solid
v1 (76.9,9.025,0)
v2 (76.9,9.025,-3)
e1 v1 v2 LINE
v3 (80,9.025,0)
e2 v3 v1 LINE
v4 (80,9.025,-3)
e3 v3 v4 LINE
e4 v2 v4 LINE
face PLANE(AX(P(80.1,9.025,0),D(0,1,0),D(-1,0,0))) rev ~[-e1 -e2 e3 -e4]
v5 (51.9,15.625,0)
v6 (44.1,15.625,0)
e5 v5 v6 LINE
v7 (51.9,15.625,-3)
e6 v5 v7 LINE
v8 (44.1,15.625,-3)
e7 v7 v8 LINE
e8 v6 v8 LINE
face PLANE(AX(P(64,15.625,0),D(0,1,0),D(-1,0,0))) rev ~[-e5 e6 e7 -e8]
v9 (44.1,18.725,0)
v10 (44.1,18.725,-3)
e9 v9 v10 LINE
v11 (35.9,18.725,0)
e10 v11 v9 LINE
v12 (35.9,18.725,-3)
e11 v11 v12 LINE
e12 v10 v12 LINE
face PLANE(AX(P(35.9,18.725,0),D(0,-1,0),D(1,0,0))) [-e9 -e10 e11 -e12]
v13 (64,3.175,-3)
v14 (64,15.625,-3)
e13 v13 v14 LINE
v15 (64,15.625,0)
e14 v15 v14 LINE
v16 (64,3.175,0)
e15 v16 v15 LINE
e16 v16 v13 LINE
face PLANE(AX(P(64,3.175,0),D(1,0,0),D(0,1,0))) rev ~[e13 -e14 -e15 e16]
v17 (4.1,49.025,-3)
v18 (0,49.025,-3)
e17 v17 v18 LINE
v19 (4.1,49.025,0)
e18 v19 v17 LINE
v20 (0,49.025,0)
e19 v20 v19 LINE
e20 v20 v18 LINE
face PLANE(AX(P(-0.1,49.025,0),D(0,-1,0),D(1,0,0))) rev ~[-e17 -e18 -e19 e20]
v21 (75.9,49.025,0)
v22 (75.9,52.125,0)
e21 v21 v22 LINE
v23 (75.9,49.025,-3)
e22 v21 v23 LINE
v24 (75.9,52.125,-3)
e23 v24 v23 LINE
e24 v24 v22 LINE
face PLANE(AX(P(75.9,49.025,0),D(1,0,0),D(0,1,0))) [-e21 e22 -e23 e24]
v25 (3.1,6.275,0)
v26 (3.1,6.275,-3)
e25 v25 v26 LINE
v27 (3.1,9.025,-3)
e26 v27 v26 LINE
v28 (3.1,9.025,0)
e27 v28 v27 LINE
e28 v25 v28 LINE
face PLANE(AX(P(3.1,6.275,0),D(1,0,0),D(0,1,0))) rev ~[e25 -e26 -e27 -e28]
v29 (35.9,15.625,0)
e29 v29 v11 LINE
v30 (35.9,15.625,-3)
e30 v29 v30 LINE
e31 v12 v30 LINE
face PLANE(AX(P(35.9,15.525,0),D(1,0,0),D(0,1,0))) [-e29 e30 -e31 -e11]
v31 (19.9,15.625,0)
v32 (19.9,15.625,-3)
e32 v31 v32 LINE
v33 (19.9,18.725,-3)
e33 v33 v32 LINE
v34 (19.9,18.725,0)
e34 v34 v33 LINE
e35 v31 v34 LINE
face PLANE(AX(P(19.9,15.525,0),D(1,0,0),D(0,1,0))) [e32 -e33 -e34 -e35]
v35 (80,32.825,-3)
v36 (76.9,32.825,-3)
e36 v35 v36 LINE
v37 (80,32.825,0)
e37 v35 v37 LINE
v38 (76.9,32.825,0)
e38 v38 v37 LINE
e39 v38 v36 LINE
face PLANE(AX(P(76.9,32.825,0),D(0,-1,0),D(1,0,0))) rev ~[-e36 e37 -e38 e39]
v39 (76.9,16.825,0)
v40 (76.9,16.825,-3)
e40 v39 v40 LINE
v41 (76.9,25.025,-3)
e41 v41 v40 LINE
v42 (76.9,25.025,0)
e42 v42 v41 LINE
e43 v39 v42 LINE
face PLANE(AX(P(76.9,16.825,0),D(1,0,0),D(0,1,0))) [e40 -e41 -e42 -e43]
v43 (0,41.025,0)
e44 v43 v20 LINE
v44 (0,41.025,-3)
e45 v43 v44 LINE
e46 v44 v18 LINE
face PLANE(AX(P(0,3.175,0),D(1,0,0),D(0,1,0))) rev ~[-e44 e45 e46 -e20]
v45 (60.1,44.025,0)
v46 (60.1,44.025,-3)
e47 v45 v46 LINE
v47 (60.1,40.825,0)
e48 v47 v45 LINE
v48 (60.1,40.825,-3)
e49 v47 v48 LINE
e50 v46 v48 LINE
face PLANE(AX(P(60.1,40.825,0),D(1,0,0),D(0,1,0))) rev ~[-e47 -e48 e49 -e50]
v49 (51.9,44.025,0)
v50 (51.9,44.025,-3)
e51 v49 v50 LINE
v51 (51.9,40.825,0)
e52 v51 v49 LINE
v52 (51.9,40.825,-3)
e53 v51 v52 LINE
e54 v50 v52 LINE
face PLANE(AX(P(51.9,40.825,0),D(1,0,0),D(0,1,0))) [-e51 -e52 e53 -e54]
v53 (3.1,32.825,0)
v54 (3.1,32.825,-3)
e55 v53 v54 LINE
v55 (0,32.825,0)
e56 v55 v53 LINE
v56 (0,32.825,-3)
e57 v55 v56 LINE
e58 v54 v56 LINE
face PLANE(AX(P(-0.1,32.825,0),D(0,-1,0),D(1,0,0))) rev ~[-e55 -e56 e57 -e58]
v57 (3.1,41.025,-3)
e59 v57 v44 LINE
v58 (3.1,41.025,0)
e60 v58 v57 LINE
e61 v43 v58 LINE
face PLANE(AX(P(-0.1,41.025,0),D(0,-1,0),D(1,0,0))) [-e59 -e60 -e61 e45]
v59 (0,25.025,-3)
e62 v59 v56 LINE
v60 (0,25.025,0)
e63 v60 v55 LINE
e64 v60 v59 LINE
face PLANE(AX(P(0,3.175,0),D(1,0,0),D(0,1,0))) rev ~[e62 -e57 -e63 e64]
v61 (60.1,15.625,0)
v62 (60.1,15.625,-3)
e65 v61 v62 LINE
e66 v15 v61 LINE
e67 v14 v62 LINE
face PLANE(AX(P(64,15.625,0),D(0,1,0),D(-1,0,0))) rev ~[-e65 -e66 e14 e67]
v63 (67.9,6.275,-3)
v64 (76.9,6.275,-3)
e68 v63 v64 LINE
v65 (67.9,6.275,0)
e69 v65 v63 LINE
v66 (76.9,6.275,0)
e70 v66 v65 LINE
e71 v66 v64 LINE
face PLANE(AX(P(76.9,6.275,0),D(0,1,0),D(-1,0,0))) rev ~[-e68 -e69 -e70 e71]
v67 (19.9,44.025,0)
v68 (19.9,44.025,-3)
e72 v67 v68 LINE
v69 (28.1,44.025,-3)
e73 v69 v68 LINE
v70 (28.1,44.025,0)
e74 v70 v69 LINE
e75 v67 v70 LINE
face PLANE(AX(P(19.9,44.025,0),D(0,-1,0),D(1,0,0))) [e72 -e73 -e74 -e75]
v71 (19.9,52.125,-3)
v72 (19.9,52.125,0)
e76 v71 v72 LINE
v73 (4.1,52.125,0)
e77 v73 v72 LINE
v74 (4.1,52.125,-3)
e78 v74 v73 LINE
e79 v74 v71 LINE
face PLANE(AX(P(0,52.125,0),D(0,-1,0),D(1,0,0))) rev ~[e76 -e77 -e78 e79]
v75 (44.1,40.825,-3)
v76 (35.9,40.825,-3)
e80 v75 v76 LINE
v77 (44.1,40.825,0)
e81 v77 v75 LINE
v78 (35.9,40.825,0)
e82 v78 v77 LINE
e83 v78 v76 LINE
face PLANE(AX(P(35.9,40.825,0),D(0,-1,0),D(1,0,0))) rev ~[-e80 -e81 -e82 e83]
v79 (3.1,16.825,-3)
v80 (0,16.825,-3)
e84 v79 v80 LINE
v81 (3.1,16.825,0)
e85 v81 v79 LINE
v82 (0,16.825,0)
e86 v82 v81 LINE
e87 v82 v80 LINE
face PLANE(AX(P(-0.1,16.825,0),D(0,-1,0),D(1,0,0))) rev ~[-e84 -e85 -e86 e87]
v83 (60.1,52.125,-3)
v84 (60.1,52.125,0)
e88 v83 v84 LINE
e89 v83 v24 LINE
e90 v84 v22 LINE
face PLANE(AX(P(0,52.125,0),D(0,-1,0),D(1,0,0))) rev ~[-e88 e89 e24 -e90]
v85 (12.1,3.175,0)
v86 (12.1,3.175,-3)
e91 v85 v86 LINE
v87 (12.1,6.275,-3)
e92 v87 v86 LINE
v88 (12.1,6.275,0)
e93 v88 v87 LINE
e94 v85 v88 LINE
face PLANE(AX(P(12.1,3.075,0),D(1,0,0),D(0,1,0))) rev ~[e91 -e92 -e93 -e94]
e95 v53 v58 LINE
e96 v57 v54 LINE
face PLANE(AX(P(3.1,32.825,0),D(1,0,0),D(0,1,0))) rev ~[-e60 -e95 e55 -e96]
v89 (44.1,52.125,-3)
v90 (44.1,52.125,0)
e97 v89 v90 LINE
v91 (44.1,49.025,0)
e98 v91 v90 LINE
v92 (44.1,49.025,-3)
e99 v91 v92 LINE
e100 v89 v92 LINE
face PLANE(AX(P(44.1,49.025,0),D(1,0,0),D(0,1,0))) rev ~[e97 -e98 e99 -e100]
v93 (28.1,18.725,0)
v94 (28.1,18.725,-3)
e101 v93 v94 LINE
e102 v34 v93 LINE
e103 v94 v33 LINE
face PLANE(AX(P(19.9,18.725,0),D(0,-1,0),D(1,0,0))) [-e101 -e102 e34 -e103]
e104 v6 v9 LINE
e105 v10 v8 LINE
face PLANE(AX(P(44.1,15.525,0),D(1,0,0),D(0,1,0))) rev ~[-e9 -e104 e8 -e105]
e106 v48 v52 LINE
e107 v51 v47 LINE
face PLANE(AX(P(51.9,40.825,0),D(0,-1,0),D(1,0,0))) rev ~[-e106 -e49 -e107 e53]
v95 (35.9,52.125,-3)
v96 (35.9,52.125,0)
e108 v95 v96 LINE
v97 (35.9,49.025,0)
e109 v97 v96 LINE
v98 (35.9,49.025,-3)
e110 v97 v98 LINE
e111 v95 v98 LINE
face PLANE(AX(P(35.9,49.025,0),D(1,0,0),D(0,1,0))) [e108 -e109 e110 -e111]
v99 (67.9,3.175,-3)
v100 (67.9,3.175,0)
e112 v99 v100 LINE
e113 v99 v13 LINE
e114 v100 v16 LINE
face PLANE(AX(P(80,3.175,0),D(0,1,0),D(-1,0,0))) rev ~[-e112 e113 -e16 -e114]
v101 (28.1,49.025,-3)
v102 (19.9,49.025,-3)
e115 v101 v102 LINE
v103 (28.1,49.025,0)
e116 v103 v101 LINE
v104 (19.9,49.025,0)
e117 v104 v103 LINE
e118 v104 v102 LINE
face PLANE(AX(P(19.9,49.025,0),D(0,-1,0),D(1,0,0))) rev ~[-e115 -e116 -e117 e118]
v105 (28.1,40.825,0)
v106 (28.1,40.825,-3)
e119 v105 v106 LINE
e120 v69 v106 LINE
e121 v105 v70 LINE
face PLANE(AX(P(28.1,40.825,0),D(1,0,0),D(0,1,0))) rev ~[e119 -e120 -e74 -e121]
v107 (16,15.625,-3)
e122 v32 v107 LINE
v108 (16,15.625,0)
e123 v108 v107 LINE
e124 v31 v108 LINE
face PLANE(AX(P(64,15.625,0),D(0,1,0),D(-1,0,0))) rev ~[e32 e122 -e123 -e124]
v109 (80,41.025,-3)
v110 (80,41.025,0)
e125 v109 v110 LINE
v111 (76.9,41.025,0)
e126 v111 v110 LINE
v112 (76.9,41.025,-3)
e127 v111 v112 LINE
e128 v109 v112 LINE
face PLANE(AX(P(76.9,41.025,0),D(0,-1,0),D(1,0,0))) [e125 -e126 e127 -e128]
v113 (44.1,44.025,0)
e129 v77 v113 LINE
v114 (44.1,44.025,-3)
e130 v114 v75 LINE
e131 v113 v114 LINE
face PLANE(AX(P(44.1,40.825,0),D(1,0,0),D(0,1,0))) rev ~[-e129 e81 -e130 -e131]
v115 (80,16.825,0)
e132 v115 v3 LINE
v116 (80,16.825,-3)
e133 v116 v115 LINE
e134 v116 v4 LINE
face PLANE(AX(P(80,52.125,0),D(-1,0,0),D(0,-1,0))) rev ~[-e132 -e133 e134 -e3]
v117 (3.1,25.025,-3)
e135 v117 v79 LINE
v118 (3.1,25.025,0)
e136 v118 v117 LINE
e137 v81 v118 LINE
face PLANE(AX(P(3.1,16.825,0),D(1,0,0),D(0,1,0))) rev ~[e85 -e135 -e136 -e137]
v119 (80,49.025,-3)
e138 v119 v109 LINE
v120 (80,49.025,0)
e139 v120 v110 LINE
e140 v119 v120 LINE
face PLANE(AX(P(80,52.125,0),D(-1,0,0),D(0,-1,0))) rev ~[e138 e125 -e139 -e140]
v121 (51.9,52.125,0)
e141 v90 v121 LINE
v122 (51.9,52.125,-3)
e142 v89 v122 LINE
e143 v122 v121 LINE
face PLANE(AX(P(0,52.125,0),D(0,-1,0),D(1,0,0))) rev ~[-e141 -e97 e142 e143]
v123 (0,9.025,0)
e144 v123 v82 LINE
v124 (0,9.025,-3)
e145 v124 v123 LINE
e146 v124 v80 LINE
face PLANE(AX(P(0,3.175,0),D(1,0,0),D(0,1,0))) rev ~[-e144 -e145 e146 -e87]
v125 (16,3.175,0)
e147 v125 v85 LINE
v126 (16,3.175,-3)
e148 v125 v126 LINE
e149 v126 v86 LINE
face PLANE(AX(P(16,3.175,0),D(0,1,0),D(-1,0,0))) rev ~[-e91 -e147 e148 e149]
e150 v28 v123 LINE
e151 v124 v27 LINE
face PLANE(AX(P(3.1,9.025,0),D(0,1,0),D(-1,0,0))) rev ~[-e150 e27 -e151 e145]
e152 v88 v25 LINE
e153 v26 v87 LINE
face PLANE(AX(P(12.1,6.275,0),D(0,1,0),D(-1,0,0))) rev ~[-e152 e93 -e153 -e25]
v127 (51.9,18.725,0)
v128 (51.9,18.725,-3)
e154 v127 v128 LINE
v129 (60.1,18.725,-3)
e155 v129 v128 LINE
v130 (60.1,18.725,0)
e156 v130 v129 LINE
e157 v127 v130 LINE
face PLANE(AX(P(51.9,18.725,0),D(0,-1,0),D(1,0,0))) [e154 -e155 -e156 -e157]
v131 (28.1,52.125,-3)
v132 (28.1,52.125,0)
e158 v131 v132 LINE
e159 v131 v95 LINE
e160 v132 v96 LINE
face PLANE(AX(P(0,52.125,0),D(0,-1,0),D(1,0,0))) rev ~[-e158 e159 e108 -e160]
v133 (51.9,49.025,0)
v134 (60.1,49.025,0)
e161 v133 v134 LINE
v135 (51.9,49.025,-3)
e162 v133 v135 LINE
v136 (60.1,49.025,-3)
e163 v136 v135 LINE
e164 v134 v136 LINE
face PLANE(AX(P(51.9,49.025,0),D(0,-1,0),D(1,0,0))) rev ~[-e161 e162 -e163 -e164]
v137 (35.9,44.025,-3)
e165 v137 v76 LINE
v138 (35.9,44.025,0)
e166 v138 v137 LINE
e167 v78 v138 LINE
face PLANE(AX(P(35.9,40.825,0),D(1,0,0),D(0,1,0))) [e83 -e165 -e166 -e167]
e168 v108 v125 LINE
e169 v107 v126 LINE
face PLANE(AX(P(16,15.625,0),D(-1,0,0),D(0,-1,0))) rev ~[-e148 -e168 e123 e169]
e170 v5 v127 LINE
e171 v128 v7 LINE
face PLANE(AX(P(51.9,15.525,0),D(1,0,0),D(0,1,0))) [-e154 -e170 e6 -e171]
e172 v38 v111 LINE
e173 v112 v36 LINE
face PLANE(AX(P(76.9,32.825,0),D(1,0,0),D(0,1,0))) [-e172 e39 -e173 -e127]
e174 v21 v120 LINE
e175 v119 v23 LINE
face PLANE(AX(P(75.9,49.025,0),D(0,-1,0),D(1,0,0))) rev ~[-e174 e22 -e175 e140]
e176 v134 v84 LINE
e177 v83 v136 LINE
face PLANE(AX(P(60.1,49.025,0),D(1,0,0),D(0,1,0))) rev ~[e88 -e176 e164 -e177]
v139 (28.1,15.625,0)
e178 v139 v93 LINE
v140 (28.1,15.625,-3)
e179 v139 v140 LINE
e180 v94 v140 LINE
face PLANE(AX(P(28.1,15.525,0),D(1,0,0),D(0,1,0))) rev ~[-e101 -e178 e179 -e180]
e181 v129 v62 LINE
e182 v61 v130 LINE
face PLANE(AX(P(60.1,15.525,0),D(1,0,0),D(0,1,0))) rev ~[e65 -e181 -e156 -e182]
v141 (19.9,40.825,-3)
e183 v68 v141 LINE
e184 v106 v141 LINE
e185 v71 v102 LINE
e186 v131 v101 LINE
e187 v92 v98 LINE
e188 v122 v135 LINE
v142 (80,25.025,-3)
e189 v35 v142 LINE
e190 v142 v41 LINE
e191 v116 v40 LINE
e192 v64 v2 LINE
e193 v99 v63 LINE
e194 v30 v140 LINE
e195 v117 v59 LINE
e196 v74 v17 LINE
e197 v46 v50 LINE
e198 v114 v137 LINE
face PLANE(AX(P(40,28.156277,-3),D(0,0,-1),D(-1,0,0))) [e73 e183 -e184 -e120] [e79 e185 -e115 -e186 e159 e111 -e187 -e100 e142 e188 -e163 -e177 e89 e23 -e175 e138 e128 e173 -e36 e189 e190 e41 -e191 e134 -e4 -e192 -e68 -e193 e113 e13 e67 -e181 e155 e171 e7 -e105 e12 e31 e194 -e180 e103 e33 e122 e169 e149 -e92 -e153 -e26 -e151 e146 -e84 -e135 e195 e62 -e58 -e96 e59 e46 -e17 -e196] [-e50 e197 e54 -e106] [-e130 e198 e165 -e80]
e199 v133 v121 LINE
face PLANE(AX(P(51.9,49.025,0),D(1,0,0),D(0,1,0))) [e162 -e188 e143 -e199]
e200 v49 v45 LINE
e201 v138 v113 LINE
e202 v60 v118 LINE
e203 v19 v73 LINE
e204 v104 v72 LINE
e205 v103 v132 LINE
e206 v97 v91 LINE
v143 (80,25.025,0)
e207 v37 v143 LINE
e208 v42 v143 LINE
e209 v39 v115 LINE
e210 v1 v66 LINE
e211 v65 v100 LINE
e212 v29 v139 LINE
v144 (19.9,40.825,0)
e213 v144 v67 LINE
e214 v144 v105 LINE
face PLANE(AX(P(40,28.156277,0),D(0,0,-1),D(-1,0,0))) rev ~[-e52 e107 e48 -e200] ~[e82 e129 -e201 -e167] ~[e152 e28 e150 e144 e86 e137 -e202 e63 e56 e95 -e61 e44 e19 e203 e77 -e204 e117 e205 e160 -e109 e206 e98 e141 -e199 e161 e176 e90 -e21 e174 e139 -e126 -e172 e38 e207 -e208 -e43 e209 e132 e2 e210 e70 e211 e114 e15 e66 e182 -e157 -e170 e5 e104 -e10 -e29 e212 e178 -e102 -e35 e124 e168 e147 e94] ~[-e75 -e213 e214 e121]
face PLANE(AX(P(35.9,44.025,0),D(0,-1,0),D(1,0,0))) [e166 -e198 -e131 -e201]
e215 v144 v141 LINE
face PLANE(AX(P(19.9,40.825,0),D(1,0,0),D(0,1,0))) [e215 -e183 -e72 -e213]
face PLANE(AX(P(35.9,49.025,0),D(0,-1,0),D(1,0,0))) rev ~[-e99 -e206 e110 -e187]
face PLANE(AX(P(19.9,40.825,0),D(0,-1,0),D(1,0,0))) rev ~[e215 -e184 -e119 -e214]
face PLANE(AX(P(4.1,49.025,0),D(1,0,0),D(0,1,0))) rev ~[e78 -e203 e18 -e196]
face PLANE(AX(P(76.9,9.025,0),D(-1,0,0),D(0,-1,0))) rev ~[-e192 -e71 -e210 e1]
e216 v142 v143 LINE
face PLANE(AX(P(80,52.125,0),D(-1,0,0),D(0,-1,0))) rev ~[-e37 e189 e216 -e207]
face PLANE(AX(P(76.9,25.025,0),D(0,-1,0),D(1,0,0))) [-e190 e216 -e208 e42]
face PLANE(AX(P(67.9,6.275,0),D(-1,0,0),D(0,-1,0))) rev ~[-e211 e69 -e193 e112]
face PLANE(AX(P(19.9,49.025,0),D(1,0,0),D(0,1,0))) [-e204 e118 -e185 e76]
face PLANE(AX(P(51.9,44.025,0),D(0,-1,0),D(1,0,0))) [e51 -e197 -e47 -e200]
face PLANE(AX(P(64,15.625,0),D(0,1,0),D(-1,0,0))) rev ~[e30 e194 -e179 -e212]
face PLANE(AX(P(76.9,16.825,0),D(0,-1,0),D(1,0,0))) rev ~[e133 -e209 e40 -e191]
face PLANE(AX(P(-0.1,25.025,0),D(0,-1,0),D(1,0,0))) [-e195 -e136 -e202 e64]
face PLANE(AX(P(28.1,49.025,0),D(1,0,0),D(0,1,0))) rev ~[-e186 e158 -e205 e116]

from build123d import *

# Parameters (mm, degrees)
BOSS_EXTRUDE1_DEPTH = 3
SKETCH3_W           = 4.2
SKETCH3_H           = 3.2
SKETCH3_W_2         = 3.2
SKETCH3_H_2         = 8.2
SKETCH3_W_3         = 8.2
CUT_EXTRUDE1_DEPTH  = 4


with BuildPart() as part:
    # Sketch1 → Boss-Extrude1 (new body)
    with BuildSketch(Plane.XY):
        Polygon((0, 52.125), (80, 52.125), (80, 3.175), (64, 3.175), (64, 15.625), (16, 15.625), (16, 3.175), (0, 3.175), align=None)
    extrude(amount=-BOSS_EXTRUDE1_DEPTH)

    # Sketch3 → Cut-Extrude1 (cut, through all)
    with BuildSketch(Plane.XY):
        with Locations((2, 50.625)):
            Rectangle(SKETCH3_W, SKETCH3_H)
        with Locations((1.5, 20.925)):
            Rectangle(SKETCH3_W_2, SKETCH3_H_2)
        with Locations((24, 17.125)):
            Rectangle(SKETCH3_W_3, SKETCH3_H)
        with Locations((40, 17.125)):
            Rectangle(SKETCH3_W_3, SKETCH3_H)
        with Locations((1.5, 36.925)):
            Rectangle(SKETCH3_W_2, SKETCH3_H_2)
        with Locations((40, 50.625)):
            Rectangle(SKETCH3_W_3, SKETCH3_H)
        with Locations((40, 42.425)):
            Rectangle(SKETCH3_W_3, SKETCH3_H)
        with Locations((24, 42.425)):
            Rectangle(SKETCH3_W_3, SKETCH3_H)
        with Locations((24, 50.625)):
            Rectangle(SKETCH3_W_3, SKETCH3_H)
        with Locations((56, 42.425)):
            Rectangle(SKETCH3_W_3, SKETCH3_H)
        with Locations((56, 17.125)):
            Rectangle(SKETCH3_W_3, SKETCH3_H)
        with Locations((78.5, 36.925)):
            Rectangle(SKETCH3_W_2, SKETCH3_H_2)
        with Locations((78, 50.625)):
            Rectangle(SKETCH3_W, SKETCH3_H)
        with Locations((78.5, 20.925)):
            Rectangle(SKETCH3_W_2, SKETCH3_H_2)
        with Locations((56, 50.625)):
            Rectangle(SKETCH3_W_3, SKETCH3_H)
        Polygon((76.9, 9.025), (76.9, 6.275), (67.9, 6.275), (67.9, 3.075), (80.1, 3.075), (80.1, 9.025), align=None)
        Polygon((3.1, 6.275), (3.1, 9.025), (-0.1, 9.025), (-0.1, 3.075), (12.1, 3.075), (12.1, 6.275), align=None)
    extrude(amount=-CUT_EXTRUDE1_DEPTH, mode=Mode.SUBTRACT)


solid = part.part
